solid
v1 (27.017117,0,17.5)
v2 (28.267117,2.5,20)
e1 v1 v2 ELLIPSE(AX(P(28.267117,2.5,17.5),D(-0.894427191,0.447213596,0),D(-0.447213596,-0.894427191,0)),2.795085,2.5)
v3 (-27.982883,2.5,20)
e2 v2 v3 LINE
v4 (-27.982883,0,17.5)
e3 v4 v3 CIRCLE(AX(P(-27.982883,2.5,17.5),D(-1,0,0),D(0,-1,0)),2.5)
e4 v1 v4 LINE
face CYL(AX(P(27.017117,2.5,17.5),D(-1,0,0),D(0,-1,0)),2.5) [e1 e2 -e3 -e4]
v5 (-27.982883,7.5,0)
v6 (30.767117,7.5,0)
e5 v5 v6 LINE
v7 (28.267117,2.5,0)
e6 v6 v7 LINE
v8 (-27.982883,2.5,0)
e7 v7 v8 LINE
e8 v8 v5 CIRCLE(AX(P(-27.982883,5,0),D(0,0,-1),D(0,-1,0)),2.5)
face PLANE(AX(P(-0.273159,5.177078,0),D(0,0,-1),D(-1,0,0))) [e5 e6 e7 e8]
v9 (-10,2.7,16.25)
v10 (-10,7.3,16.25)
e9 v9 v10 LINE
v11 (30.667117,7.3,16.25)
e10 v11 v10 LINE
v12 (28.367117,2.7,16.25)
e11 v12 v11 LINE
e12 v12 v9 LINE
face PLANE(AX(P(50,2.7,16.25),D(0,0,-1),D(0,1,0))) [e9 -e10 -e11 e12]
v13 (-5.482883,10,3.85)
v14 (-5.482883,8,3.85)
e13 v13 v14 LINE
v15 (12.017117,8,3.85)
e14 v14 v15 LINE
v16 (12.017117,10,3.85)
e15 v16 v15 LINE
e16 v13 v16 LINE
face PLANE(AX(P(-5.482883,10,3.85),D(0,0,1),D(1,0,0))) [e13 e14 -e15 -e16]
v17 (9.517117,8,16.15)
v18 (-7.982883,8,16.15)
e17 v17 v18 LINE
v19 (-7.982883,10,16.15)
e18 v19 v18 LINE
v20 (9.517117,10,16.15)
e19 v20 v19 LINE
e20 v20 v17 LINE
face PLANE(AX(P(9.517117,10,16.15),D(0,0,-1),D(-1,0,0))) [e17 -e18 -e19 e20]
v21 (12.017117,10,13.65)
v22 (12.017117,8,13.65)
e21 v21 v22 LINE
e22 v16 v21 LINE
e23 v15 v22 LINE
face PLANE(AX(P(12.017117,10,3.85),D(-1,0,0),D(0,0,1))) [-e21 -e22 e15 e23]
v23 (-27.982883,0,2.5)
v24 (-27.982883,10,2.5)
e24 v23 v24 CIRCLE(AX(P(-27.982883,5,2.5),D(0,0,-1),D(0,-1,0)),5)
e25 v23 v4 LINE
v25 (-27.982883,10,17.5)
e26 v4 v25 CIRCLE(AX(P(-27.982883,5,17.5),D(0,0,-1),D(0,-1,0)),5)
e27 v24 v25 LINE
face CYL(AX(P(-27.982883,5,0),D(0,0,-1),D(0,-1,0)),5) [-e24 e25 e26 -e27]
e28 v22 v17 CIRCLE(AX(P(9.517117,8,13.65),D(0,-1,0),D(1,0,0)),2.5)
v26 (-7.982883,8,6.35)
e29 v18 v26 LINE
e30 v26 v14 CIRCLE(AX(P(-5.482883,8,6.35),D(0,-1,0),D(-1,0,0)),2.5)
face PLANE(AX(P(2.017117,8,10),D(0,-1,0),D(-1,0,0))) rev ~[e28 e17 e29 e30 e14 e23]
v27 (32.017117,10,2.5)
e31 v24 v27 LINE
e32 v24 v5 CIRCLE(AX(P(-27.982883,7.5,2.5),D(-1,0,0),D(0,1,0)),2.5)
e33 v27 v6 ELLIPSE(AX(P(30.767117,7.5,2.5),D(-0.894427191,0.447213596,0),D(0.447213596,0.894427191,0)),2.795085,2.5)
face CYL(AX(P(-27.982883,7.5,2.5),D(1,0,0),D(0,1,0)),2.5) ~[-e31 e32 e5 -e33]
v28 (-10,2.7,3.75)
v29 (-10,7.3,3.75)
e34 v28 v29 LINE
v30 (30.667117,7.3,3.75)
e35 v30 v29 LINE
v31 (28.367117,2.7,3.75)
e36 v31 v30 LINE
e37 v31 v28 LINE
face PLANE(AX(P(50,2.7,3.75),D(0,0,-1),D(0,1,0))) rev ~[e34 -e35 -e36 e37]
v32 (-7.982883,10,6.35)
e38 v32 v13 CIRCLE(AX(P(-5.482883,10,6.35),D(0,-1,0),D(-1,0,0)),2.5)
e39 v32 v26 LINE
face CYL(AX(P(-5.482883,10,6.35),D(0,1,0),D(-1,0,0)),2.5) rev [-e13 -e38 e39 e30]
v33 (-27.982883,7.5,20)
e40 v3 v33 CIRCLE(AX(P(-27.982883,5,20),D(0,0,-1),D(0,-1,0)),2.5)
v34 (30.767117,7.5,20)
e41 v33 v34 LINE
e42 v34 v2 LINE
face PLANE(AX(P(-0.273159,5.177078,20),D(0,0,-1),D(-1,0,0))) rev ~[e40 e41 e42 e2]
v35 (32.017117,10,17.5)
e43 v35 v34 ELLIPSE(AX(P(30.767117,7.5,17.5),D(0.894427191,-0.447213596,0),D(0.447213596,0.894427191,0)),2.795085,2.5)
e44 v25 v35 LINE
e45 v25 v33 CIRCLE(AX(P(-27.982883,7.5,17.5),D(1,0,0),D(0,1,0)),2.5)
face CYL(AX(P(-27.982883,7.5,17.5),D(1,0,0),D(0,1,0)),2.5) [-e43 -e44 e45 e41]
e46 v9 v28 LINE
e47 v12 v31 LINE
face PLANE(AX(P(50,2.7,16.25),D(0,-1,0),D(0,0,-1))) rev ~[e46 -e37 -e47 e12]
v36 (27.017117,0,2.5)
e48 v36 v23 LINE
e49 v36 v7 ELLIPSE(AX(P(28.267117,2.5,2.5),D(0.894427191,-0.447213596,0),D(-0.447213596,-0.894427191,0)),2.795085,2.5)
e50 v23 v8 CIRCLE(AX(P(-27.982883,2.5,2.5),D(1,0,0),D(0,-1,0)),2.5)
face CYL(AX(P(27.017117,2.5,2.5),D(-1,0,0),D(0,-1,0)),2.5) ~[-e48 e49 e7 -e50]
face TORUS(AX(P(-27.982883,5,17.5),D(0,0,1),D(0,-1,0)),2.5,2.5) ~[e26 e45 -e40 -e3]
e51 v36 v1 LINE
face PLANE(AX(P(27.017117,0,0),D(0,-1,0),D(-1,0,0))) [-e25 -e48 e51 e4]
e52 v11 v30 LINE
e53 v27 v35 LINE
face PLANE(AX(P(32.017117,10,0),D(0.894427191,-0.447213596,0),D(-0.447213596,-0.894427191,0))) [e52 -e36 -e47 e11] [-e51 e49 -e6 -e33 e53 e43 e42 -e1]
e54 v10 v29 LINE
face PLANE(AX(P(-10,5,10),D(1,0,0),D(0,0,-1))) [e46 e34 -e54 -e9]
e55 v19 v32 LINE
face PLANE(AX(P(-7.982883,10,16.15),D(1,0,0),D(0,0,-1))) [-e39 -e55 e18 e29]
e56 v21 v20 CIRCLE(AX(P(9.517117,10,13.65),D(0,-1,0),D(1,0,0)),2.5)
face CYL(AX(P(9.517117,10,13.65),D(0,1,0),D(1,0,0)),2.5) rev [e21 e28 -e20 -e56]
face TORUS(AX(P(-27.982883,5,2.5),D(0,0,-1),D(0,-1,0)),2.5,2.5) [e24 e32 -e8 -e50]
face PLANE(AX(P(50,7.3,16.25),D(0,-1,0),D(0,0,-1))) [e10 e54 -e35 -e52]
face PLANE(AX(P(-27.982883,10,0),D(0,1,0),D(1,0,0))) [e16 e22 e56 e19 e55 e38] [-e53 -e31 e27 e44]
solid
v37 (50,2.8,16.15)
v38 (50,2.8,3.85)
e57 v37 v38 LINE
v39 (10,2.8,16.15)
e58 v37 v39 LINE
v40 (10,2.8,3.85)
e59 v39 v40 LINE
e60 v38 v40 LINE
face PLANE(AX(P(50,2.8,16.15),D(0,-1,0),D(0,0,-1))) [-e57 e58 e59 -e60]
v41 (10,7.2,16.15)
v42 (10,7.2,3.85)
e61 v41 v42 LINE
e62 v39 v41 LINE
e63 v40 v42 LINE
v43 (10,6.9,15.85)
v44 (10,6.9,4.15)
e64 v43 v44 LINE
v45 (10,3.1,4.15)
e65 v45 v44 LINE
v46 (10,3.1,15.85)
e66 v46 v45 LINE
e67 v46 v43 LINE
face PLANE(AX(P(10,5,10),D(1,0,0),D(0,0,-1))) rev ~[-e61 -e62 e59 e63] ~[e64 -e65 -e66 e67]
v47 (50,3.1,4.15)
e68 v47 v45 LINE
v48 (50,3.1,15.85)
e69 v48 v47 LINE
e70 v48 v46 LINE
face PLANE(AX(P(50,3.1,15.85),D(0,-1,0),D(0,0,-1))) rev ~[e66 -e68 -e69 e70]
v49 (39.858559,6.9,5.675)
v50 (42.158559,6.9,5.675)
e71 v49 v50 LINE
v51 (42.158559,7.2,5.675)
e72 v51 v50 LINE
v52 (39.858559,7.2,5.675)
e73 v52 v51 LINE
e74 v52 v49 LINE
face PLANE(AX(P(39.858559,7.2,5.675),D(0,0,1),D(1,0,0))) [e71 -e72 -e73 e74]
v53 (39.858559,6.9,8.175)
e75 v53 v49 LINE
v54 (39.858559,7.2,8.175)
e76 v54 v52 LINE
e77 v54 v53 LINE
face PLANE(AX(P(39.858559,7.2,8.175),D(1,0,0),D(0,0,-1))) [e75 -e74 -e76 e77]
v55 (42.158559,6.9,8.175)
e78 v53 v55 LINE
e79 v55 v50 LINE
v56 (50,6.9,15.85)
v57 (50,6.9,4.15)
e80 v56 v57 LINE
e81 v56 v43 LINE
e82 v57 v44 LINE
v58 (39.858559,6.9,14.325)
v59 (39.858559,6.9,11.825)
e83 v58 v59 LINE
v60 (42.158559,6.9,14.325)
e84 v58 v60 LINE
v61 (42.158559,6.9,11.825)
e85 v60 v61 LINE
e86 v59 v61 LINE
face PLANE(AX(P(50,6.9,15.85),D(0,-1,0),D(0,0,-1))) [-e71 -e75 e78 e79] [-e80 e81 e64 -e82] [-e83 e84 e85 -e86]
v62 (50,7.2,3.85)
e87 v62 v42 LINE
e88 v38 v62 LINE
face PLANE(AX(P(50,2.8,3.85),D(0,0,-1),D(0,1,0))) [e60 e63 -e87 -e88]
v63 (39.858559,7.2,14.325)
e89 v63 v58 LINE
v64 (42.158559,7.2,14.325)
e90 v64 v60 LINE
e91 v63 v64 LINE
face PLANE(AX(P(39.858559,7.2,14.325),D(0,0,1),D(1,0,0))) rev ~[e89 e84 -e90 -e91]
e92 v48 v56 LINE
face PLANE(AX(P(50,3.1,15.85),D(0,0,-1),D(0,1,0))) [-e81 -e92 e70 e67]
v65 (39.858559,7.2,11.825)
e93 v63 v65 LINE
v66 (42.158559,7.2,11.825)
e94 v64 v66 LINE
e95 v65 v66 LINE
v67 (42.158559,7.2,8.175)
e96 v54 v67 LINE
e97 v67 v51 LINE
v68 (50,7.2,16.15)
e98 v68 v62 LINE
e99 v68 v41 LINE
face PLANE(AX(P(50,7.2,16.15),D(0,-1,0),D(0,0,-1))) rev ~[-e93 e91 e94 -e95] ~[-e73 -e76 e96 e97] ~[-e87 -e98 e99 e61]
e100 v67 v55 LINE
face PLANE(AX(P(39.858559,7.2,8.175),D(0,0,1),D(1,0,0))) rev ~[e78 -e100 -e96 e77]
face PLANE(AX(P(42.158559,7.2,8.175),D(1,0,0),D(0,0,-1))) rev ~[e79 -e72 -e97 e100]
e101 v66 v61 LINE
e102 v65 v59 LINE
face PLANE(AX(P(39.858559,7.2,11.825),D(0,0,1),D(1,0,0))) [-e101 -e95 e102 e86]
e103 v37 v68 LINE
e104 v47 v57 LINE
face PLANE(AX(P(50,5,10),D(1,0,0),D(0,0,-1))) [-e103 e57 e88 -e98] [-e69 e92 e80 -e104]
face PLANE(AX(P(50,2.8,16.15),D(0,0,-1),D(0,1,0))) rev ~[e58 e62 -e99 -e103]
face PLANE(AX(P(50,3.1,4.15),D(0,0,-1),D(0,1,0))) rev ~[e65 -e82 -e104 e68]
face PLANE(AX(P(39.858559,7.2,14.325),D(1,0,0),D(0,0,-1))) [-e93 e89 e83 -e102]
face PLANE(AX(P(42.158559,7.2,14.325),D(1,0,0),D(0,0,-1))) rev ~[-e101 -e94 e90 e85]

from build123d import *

# Parameters (mm, degrees)
BOSS_EXTRUDE1_DEPTH = 20
SKETCH2_W           = 12.5
SKETCH2_H           = 4.6
CUT_EXTRUDE1_DEPTH  = 60
SKETCH4_W           = 12.3
SKETCH4_H           = 4.4
SKETCH4_W_2         = 11.7
SKETCH4_H_2         = 3.8
BOSS_EXTRUDE3_DEPTH = 40
SKETCH6_W           = 2.3
SKETCH6_H           = 2.5
CUT_EXTRUDE8_DEPTH  = 0.3
CUT_EXTRUDE10_DEPTH = 2
FILLET1_R           = 2.5
FILLET2_R           = 2.5


with BuildPart() as part:
    # Sketch1 → Boss-Extrude1 (new body)
    with BuildSketch(Plane.XY):
        with BuildLine():
            Line((-27.982882883, 10), (32.017117117, 10))
            Line((32.017117117, 10), (27.017117117, 0))
            Line((27.017117117, 0), (-27.982882883, 0))
            ThreePointArc((-27.982882883, 0), (-32.982882883, 5), (-27.982882883, 10))
        make_face()
    extrude(amount=BOSS_EXTRUDE1_DEPTH)

    # Sketch2 → Cut-Extrude1 (cut)
    with BuildSketch(Plane(origin=(50, 0, 0), x_dir=(0, 0, -1), z_dir=(1, 0, 0))):
        with Locations((-10, 5)):
            Rectangle(SKETCH2_W, SKETCH2_H)
    extrude(amount=-CUT_EXTRUDE1_DEPTH, mode=Mode.SUBTRACT)

    # Sketch7 → Cut-Extrude10 (cut)
    with BuildSketch(Plane(origin=(0, 10, 0), x_dir=(1, 0, 0), z_dir=(0, 1, 0))):
        with BuildLine():
            Line((-5.482882883, -3.85), (12.017117117, -3.85))
            Line((12.017117117, -3.85), (12.017117117, -13.65))
            ThreePointArc((12.017117117, -13.65), (11.28488407, -15.417766953), (9.517117117, -16.15))
            Line((9.517117117, -16.15), (-7.982882883, -16.15))
            Line((-7.982882883, -16.15), (-7.982882883, -6.35))
            ThreePointArc((-7.982882883, -6.35), (-7.250649836, -4.582233047), (-5.482882883, -3.85))
        make_face()
    extrude(amount=-CUT_EXTRUDE10_DEPTH, mode=Mode.SUBTRACT)

    # Fillet1
    fillet1_edges = [part.edges().sort_by_distance(p)[0] for p in [
        (2.017117117, 10, 20),
        (-32.982882883, 5, 20),
        (-0.482882883, 0, 20),
    ]]
    fillet(fillet1_edges, radius=FILLET1_R)

    # Fillet2
    fillet2_edges = [part.edges().sort_by_distance(p)[0] for p in [
        (2.017117117, 10, 0),
        (-0.482882883, 0, 0),
        (-32.982882883, 5, 0),
    ]]
    fillet(fillet2_edges, radius=FILLET2_R)


with BuildPart() as body_2:
    # Sketch4 → Boss-Extrude3 (new body)
    with BuildSketch(Plane(origin=(50, 0, 0), x_dir=(0, 0, -1), z_dir=(1, 0, 0))):
        with Locations((-10, 5)):
            Rectangle(SKETCH4_W, SKETCH4_H)
        with Locations((-10, 5)):
            Rectangle(SKETCH4_W_2, SKETCH4_H_2, mode=Mode.SUBTRACT)
    extrude(amount=-BOSS_EXTRUDE3_DEPTH)

    # Sketch6 → Cut-Extrude8 (cut)
    with BuildSketch(Plane(origin=(0, 7.2, 0), x_dir=(1, 0, 0), z_dir=(0, 1, 0))):
        with Locations((41.008558559, -6.925)):
            Rectangle(SKETCH6_W, SKETCH6_H)
        with Locations((41.008558559, -13.075)):
            Rectangle(SKETCH6_W, SKETCH6_H)
    extrude(amount=-CUT_EXTRUDE8_DEPTH, mode=Mode.SUBTRACT)


solid = Compound([part.part, body_2.part])
